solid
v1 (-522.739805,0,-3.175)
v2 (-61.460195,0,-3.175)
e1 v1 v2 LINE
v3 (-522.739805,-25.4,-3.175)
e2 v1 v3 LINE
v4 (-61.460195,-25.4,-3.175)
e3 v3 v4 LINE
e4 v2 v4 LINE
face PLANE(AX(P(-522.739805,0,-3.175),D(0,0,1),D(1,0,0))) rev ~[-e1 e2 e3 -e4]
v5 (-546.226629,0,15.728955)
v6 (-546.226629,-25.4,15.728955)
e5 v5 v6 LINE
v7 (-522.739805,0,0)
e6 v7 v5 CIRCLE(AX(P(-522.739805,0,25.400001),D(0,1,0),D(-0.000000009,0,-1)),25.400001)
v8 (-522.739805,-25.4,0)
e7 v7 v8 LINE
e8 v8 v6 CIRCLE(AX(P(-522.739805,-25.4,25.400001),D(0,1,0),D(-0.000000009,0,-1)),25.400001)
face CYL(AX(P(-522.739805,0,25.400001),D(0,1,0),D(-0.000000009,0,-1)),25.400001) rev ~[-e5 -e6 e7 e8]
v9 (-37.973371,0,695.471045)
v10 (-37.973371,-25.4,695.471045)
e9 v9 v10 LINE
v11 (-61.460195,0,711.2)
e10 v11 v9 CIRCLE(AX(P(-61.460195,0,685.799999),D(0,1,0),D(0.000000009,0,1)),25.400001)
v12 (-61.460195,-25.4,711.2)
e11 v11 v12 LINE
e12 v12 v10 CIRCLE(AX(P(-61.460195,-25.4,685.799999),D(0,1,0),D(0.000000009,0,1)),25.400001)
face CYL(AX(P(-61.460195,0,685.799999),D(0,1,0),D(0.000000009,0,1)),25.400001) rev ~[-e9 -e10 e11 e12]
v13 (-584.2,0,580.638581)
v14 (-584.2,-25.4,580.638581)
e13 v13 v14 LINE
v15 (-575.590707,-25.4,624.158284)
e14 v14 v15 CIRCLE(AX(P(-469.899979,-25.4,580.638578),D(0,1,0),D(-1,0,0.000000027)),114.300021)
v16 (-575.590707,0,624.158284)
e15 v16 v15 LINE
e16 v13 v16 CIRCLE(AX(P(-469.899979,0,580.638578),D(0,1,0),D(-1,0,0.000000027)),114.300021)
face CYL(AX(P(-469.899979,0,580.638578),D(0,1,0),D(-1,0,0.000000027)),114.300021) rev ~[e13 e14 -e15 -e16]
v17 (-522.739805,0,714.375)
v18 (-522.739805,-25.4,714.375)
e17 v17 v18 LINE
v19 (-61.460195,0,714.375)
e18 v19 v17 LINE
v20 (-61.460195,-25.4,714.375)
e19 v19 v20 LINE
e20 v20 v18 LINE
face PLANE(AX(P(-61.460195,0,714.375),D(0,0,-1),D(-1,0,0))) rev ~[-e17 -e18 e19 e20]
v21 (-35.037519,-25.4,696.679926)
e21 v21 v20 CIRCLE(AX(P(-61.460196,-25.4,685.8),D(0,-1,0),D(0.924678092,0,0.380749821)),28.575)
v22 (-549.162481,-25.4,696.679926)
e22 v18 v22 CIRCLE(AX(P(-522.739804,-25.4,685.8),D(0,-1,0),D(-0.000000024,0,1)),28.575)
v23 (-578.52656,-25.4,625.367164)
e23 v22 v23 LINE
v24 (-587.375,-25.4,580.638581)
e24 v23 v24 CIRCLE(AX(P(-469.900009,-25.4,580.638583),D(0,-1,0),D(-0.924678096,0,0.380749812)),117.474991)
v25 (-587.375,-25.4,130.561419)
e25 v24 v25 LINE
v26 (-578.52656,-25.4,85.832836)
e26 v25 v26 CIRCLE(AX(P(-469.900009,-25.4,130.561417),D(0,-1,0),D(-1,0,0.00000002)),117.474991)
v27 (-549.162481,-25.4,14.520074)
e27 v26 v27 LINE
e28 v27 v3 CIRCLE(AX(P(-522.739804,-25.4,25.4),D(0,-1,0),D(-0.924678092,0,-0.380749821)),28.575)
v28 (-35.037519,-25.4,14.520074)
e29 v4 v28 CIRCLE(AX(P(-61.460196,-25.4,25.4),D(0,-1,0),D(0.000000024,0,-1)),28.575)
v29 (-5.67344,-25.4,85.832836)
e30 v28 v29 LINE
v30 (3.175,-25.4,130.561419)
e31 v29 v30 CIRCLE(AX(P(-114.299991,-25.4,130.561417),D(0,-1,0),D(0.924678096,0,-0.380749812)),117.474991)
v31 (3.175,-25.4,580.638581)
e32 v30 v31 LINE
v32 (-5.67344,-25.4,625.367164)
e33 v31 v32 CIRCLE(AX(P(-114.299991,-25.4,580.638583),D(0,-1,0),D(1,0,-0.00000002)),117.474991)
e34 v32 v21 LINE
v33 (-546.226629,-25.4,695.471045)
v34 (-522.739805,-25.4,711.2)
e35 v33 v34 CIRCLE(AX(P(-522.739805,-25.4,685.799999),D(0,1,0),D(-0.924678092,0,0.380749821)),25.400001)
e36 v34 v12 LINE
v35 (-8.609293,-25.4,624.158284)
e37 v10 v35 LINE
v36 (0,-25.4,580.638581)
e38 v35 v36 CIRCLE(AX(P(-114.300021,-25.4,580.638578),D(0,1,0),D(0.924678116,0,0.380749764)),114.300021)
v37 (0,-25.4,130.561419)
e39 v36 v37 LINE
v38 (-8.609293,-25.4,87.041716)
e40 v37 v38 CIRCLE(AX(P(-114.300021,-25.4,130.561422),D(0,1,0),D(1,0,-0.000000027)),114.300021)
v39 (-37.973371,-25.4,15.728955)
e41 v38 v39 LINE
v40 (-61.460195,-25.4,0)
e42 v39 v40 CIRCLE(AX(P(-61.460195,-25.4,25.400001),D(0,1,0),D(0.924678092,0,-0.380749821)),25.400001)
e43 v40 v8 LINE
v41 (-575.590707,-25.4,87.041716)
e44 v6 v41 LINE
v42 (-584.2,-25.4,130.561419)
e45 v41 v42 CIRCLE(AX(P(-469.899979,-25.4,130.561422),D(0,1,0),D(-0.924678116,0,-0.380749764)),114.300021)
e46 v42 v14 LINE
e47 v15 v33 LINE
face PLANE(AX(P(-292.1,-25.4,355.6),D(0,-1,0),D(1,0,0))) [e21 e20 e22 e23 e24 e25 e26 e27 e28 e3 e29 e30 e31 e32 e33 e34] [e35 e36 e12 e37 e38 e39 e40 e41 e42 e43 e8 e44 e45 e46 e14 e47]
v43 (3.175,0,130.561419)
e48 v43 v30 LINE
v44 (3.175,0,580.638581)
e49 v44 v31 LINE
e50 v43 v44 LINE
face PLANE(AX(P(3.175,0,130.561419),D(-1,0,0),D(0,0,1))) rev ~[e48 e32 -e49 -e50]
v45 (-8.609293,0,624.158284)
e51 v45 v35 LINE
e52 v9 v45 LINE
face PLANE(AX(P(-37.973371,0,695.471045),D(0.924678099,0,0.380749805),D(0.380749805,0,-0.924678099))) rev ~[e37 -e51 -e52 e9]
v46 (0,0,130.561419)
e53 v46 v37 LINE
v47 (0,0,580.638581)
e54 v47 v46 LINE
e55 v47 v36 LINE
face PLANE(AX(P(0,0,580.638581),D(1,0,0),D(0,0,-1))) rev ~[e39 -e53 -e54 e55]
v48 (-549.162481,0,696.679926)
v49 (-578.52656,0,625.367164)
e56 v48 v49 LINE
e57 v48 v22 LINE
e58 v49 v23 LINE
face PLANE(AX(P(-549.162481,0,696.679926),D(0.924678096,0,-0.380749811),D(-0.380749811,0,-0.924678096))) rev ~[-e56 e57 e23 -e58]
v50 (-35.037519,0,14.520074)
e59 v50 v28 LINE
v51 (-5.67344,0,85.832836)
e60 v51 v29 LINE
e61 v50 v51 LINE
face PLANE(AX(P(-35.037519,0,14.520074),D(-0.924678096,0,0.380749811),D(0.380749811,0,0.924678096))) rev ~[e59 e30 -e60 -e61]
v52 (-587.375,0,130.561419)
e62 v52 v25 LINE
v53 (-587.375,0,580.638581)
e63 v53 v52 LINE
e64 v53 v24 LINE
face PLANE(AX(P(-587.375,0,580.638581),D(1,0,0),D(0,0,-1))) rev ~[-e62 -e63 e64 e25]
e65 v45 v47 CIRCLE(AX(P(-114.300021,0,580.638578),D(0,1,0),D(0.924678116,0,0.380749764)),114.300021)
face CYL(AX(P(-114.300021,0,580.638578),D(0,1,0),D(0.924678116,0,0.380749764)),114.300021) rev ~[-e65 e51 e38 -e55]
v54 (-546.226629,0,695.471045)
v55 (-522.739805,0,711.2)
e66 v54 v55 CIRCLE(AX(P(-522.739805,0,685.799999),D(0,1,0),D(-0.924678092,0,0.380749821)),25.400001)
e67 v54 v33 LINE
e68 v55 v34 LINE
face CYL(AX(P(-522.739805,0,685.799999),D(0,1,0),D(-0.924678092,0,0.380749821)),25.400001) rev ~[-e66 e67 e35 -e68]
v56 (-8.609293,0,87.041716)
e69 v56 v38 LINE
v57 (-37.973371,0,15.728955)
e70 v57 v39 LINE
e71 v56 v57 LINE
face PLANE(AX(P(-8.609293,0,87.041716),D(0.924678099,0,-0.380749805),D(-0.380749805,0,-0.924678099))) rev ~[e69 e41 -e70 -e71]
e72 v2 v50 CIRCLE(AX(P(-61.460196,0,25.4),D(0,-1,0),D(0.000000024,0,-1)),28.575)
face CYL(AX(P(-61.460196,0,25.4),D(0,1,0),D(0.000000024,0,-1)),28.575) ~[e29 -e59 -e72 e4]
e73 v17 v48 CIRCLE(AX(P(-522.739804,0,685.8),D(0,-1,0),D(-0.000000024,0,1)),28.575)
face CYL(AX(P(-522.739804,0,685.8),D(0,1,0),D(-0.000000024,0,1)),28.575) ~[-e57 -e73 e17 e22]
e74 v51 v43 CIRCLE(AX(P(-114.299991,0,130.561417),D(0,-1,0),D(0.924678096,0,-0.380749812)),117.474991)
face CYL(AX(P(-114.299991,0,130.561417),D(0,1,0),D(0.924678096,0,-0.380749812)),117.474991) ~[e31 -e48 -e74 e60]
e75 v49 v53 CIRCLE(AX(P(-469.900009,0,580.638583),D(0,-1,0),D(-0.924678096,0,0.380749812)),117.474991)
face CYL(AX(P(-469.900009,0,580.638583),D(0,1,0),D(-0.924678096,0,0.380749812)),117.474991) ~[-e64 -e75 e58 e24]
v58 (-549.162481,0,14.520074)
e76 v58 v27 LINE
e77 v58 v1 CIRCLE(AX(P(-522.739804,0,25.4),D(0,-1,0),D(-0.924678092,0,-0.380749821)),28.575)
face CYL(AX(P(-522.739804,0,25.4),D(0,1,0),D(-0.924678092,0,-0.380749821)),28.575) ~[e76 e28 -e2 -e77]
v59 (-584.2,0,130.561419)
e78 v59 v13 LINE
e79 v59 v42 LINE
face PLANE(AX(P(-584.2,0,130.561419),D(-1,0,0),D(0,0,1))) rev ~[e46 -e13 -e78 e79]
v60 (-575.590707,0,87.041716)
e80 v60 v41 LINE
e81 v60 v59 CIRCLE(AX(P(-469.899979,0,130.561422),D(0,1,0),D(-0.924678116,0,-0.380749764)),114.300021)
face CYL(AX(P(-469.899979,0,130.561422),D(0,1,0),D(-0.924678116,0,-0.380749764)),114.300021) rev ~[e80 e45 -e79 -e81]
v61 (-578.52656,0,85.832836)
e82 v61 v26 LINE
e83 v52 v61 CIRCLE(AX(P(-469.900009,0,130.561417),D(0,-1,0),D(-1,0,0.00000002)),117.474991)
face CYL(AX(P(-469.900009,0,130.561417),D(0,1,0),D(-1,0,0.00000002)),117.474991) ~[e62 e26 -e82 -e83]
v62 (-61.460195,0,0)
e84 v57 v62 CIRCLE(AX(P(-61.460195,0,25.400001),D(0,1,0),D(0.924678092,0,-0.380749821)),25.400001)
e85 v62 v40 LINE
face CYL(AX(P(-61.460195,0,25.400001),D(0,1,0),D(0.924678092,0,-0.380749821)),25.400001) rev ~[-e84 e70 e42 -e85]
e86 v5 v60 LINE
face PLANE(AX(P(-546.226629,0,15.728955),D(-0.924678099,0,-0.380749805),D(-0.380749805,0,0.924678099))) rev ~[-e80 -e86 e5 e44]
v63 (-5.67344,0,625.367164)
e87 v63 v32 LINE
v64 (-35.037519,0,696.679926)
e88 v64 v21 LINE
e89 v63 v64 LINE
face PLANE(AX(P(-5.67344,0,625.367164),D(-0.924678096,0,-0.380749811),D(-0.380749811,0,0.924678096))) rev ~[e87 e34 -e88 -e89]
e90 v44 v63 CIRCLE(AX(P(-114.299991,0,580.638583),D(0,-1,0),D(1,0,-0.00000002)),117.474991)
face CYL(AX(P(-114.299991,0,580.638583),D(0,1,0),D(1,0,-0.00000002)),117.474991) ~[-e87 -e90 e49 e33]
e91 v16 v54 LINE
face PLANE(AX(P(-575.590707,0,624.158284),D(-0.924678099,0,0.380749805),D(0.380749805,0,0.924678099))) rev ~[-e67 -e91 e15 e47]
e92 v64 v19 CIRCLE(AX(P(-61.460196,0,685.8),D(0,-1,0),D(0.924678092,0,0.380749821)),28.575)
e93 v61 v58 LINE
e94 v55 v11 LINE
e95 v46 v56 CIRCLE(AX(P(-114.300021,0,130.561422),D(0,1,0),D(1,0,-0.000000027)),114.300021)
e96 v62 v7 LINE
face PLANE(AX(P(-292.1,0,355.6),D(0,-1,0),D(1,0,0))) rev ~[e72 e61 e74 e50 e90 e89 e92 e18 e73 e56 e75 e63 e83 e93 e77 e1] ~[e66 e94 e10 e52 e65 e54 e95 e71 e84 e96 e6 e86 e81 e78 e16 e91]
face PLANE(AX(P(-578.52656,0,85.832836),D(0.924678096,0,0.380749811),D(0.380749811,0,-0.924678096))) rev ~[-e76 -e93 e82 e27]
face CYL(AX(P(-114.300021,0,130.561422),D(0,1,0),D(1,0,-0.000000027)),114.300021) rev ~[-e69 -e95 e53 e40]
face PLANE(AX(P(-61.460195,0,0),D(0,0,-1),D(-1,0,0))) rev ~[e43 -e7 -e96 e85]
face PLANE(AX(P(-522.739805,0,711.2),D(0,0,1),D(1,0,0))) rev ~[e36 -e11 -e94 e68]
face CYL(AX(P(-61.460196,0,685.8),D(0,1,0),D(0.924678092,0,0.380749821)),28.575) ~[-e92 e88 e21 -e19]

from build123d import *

# Parameters (mm, degrees)
F1_DEPTH = 25.4


with BuildPart() as f1:
    # F0 (on Front) → F1 (new body)
    with BuildSketch(Plane.XZ):
        with BuildLine():
            Line((-514.35, 714.375), (-522.739805, 714.375))
            ThreePointArc((-522.739805, 714.375), (-538.640068, 709.542625), (-549.162481, 696.679926))
            Line((-549.162481, 696.679926), (-578.52656, 625.367164))
            ThreePointArc((-578.52656, 625.367164), (-585.141661, 603.436284), (-587.375, 580.638581))
            Line((-587.375, 580.638581), (-587.375, 577.85))
            Line((-587.375, 577.85), (-587.375, 133.35))
            Line((-587.375, 133.35), (-587.375, 130.561419))
            ThreePointArc((-587.375, 130.561419), (-585.141661, 107.763716), (-578.52656, 85.832836))
            Line((-578.52656, 85.832836), (-549.162481, 14.520074))
            ThreePointArc((-549.162481, 14.520074), (-538.640068, 1.657375), (-522.739805, -3.175))
            Line((-522.739805, -3.175), (-514.35, -3.175))
            Line((-514.35, -3.175), (-69.85, -3.175))
            Line((-69.85, -3.175), (-61.460195, -3.175))
            ThreePointArc((-61.460195, -3.175), (-45.559932, 1.657375), (-35.037519, 14.520074))
            Line((-35.037519, 14.520074), (-5.67344, 85.832836))
            ThreePointArc((-5.67344, 85.832836), (0.941661, 107.763716), (3.175, 130.561419))
            Line((3.175, 130.561419), (3.175, 133.35))
            Line((3.175, 133.35), (3.175, 577.85))
            Line((3.175, 577.85), (3.175, 580.638581))
            ThreePointArc((3.175, 580.638581), (0.941661, 603.436284), (-5.67344, 625.367164))
            Line((-5.67344, 625.367164), (-35.037519, 696.679926))
            ThreePointArc((-35.037519, 696.679926), (-45.559932, 709.542625), (-61.460195, 714.375))
            Line((-61.460195, 714.375), (-69.85, 714.375))
            Line((-69.85, 714.375), (-514.35, 714.375))
        make_face()
        with BuildLine():
            Line((-522.739805, 711.2), (-514.35, 711.2))
            Line((-514.35, 711.2), (-69.85, 711.2))
            Line((-69.85, 711.2), (-61.460195, 711.2))
            ThreePointArc((-61.460195, 711.2), (-47.326628, 706.904556), (-37.973371, 695.471045))
            Line((-37.973371, 695.471045), (-8.609293, 624.158284))
            ThreePointArc((-8.609293, 624.158284), (-2.172979, 602.82013), (0, 580.638581))
            Line((0, 580.638581), (0, 577.85))
            Line((0, 577.85), (0, 133.35))
            Line((0, 133.35), (0, 130.561419))
            ThreePointArc((0, 130.561419), (-2.172979, 108.37987), (-8.609293, 87.041716))
            Line((-8.609293, 87.041716), (-37.973371, 15.728955))
            ThreePointArc((-37.973371, 15.728955), (-47.326628, 4.295444), (-61.460195, 0))
            Line((-61.460195, 0), (-69.85, 0))
            Line((-69.85, 0), (-514.35, 0))
            Line((-514.35, 0), (-522.739805, 0))
            ThreePointArc((-522.739805, 0), (-536.873372, 4.295444), (-546.226629, 15.728955))
            Line((-546.226629, 15.728955), (-575.590707, 87.041716))
            ThreePointArc((-575.590707, 87.041716), (-582.027021, 108.37987), (-584.2, 130.561419))
            Line((-584.2, 130.561419), (-584.2, 133.35))
            Line((-584.2, 133.35), (-584.2, 577.85))
            Line((-584.2, 577.85), (-584.2, 580.638581))
            ThreePointArc((-584.2, 580.638581), (-582.027021, 602.82013), (-575.590707, 624.158284))
            Line((-575.590707, 624.158284), (-546.226629, 695.471045))
            ThreePointArc((-546.226629, 695.471045), (-536.873372, 706.904556), (-522.739805, 711.2))
        make_face(mode=Mode.SUBTRACT)
    extrude(amount=F1_DEPTH)


solid = f1.part
